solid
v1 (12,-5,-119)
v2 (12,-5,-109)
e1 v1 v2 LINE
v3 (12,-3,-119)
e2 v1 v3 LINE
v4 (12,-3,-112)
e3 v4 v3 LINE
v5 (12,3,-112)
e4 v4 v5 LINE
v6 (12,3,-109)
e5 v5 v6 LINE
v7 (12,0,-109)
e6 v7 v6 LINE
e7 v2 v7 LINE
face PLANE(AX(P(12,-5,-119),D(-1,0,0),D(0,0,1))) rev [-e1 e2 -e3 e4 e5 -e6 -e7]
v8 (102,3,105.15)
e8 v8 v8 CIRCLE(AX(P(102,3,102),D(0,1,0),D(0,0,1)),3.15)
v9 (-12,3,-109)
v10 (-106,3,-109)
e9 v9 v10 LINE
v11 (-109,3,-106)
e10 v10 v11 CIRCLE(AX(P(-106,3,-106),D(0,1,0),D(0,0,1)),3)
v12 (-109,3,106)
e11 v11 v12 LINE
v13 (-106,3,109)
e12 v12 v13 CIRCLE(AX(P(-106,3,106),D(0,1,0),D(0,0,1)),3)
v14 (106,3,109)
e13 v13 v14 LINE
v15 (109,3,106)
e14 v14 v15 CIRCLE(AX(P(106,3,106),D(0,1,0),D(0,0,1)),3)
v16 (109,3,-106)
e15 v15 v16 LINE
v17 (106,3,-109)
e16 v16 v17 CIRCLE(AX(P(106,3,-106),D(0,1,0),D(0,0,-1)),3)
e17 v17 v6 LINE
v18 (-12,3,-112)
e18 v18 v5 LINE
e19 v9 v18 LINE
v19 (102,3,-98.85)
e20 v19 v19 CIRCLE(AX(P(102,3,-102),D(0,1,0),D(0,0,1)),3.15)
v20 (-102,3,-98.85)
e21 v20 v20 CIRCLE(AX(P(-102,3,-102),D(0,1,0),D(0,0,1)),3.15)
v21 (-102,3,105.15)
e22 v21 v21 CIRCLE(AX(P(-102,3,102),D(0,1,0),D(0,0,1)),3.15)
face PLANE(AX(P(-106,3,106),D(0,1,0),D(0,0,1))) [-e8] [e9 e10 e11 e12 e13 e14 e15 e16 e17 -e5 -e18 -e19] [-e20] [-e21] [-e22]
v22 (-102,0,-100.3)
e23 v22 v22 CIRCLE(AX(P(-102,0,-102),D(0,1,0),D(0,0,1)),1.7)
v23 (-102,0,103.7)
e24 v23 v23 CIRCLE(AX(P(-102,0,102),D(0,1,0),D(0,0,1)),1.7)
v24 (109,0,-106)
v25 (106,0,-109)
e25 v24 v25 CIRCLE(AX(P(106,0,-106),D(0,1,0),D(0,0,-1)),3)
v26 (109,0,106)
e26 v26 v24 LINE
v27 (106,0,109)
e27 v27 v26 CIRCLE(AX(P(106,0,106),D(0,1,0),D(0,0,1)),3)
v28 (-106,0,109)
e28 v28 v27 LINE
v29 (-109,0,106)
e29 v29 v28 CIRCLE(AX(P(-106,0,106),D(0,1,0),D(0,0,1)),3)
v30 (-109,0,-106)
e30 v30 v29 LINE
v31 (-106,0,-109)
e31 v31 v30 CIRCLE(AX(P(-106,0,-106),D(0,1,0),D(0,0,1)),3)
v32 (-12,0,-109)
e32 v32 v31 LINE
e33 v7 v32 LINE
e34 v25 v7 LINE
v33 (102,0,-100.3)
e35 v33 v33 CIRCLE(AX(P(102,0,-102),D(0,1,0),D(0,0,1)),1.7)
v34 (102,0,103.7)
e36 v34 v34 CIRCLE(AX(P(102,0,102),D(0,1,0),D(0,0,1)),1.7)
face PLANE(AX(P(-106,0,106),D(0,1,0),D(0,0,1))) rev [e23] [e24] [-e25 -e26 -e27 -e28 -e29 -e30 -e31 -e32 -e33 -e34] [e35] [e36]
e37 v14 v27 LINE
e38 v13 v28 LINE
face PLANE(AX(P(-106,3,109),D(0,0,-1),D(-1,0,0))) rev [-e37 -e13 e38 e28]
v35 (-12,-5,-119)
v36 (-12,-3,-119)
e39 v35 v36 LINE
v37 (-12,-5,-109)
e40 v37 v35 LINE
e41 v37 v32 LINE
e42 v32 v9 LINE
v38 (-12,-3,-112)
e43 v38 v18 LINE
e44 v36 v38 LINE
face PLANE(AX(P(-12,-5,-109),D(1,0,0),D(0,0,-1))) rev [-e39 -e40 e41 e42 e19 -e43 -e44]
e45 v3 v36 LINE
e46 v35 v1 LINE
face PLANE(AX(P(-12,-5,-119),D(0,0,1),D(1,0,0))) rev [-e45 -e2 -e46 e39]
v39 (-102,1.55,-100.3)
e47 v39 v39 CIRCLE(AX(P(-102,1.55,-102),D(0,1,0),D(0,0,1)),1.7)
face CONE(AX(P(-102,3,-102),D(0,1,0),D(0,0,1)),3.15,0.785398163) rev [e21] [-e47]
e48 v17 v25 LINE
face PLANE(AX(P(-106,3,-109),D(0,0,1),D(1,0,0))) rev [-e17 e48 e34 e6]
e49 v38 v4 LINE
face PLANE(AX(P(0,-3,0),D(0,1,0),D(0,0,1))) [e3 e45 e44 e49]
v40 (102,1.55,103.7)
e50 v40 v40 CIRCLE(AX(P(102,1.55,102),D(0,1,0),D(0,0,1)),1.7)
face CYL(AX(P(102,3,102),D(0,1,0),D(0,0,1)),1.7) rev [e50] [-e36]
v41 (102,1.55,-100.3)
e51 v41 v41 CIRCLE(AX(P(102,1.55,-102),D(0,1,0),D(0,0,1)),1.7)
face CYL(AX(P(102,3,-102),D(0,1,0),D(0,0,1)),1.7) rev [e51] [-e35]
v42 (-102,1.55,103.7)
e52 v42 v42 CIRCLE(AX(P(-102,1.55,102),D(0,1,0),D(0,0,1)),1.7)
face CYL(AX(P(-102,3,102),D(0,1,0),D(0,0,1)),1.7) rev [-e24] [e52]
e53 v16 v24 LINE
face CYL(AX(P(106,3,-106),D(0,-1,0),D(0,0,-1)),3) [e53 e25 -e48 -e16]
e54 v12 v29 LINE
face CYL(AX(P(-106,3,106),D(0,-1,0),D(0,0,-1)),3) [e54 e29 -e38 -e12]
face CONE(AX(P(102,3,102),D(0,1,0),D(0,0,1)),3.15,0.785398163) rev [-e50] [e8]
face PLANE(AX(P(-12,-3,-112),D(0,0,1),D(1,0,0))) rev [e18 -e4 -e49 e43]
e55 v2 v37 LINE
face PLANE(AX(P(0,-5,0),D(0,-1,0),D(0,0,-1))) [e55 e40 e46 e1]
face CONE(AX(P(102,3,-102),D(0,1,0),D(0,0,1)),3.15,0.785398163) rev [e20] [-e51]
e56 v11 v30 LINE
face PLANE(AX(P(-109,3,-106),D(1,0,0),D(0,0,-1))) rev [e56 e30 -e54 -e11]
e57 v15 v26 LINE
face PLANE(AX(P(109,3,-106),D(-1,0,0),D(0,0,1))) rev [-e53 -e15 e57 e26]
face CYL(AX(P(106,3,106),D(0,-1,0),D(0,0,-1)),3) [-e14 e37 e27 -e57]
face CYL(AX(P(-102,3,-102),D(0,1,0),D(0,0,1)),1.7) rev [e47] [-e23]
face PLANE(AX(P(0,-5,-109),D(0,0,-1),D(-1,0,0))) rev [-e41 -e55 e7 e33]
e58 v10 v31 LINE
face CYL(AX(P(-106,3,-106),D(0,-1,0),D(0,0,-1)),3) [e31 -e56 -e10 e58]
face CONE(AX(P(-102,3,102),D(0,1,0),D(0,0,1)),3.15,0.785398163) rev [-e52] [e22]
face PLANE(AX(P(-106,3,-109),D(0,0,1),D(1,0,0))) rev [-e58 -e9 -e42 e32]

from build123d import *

# Parameters (mm, degrees)
BOSS_EXTRUDE1_DEPTH                            = 3
CSK_FOR_M3_FLAT_HEAD_MACHINE_SCREW1_AT_2_COUNT = 2
CSK_FOR_M3_FLAT_HEAD_MACHINE_SCREW1_AT_2_PITCH = 204
CSK_FOR_M3_FLAT_HEAD_MACHINE_SCREW1_AT_3_COUNT = 2
CSK_FOR_M3_FLAT_HEAD_MACHINE_SCREW1_AT_3_PITCH = 288.499566724
CSK_FOR_M3_FLAT_HEAD_MACHINE_SCREW1_AT_4_COUNT = 2
CSK_FOR_M3_FLAT_HEAD_MACHINE_SCREW1_AT_4_PITCH = 204
BOSS_EXTRUDE2_START                            = -3
BOSS_EXTRUDE2_DEPTH                            = 8
SKETCH6_W                                      = 24
SKETCH6_H                                      = 7
CUT_EXTRUDE1_DEPTH                             = 6


with BuildPart() as part:
    # Sketch1 → Boss-Extrude1 (new body)
    with BuildSketch(Plane(origin=(0, 0, 0), x_dir=(1, 0, 0), z_dir=(0, 1, 0))):
        with BuildLine():
            Line((-106, 109), (106, 109))
            ThreePointArc((106, 109), (108.121320344, 108.121320344), (109, 106))
            Line((109, 106), (109, -106))
            ThreePointArc((109, -106), (108.121320344, -108.121320344), (106, -109))
            Line((106, -109), (-106, -109))
            ThreePointArc((-106, -109), (-108.121320344, -108.121320344), (-109, -106))
            Line((-109, -106), (-109, 106))
            ThreePointArc((-109, 106), (-108.121320344, 108.121320344), (-106, 109))
        make_face()
    extrude(amount=BOSS_EXTRUDE1_DEPTH)

    # Sketch4 → CSK for M3 Flat Head Machine Screw1 (revolve, cut)
    with BuildSketch(Plane(origin=(-102, 3, -102), x_dir=(0, 0, 1), z_dir=(1, 0, 0))):
        Polygon((0, 0), (0, 3), (1.7, 3), (1.7, 1.45), (3.15, 0), align=None)
    csk_for_m3_flat_head_machine_screw1 = revolve(axis=Axis((-102, 9.35, -102), (0, -1, 0)), mode=Mode.SUBTRACT)

    # CSK for M3 Flat Head Machine Screw1 at 2: CSK for M3 Flat Head Machine Screw1 ×2
    with Locations(*[(0, 0, i * CSK_FOR_M3_FLAT_HEAD_MACHINE_SCREW1_AT_2_PITCH) for i in range(1, CSK_FOR_M3_FLAT_HEAD_MACHINE_SCREW1_AT_2_COUNT)]):
        add(csk_for_m3_flat_head_machine_screw1, mode=Mode.SUBTRACT)

    # CSK for M3 Flat Head Machine Screw1 at 3: CSK for M3 Flat Head Machine Screw1 ×2
    with Locations(*[Vector(0.7071067811865476, 0, 0.7071067811865475) * (i * CSK_FOR_M3_FLAT_HEAD_MACHINE_SCREW1_AT_3_PITCH) for i in range(1, CSK_FOR_M3_FLAT_HEAD_MACHINE_SCREW1_AT_3_COUNT)]):
        add(csk_for_m3_flat_head_machine_screw1, mode=Mode.SUBTRACT)

    # CSK for M3 Flat Head Machine Screw1 at 4: CSK for M3 Flat Head Machine Screw1 ×2
    with Locations(*[(i * CSK_FOR_M3_FLAT_HEAD_MACHINE_SCREW1_AT_4_PITCH, 0, 0) for i in range(1, CSK_FOR_M3_FLAT_HEAD_MACHINE_SCREW1_AT_4_COUNT)]):
        add(csk_for_m3_flat_head_machine_screw1, mode=Mode.SUBTRACT)

    # Sketch5 → Boss-Extrude2 (add)
    with BuildSketch(Plane(origin=(0, 0, 0), x_dir=(-1, 0, 0), z_dir=(0, -1, 0)).offset(BOSS_EXTRUDE2_START)):
        Polygon((0, 109), (12, 109), (12, 119), (-12, 119), (-12, 109), align=None)
    extrude(amount=BOSS_EXTRUDE2_DEPTH)

    # Sketch6 → Cut-Extrude1 (cut)
    with BuildSketch(Plane(origin=(0, 3, 0), x_dir=(1, 0, 0), z_dir=(0, 1, 0))):
        with Locations((0, 115.5)):
            Rectangle(SKETCH6_W, SKETCH6_H)
    extrude(amount=-CUT_EXTRUDE1_DEPTH, mode=Mode.SUBTRACT)


solid = part.part
